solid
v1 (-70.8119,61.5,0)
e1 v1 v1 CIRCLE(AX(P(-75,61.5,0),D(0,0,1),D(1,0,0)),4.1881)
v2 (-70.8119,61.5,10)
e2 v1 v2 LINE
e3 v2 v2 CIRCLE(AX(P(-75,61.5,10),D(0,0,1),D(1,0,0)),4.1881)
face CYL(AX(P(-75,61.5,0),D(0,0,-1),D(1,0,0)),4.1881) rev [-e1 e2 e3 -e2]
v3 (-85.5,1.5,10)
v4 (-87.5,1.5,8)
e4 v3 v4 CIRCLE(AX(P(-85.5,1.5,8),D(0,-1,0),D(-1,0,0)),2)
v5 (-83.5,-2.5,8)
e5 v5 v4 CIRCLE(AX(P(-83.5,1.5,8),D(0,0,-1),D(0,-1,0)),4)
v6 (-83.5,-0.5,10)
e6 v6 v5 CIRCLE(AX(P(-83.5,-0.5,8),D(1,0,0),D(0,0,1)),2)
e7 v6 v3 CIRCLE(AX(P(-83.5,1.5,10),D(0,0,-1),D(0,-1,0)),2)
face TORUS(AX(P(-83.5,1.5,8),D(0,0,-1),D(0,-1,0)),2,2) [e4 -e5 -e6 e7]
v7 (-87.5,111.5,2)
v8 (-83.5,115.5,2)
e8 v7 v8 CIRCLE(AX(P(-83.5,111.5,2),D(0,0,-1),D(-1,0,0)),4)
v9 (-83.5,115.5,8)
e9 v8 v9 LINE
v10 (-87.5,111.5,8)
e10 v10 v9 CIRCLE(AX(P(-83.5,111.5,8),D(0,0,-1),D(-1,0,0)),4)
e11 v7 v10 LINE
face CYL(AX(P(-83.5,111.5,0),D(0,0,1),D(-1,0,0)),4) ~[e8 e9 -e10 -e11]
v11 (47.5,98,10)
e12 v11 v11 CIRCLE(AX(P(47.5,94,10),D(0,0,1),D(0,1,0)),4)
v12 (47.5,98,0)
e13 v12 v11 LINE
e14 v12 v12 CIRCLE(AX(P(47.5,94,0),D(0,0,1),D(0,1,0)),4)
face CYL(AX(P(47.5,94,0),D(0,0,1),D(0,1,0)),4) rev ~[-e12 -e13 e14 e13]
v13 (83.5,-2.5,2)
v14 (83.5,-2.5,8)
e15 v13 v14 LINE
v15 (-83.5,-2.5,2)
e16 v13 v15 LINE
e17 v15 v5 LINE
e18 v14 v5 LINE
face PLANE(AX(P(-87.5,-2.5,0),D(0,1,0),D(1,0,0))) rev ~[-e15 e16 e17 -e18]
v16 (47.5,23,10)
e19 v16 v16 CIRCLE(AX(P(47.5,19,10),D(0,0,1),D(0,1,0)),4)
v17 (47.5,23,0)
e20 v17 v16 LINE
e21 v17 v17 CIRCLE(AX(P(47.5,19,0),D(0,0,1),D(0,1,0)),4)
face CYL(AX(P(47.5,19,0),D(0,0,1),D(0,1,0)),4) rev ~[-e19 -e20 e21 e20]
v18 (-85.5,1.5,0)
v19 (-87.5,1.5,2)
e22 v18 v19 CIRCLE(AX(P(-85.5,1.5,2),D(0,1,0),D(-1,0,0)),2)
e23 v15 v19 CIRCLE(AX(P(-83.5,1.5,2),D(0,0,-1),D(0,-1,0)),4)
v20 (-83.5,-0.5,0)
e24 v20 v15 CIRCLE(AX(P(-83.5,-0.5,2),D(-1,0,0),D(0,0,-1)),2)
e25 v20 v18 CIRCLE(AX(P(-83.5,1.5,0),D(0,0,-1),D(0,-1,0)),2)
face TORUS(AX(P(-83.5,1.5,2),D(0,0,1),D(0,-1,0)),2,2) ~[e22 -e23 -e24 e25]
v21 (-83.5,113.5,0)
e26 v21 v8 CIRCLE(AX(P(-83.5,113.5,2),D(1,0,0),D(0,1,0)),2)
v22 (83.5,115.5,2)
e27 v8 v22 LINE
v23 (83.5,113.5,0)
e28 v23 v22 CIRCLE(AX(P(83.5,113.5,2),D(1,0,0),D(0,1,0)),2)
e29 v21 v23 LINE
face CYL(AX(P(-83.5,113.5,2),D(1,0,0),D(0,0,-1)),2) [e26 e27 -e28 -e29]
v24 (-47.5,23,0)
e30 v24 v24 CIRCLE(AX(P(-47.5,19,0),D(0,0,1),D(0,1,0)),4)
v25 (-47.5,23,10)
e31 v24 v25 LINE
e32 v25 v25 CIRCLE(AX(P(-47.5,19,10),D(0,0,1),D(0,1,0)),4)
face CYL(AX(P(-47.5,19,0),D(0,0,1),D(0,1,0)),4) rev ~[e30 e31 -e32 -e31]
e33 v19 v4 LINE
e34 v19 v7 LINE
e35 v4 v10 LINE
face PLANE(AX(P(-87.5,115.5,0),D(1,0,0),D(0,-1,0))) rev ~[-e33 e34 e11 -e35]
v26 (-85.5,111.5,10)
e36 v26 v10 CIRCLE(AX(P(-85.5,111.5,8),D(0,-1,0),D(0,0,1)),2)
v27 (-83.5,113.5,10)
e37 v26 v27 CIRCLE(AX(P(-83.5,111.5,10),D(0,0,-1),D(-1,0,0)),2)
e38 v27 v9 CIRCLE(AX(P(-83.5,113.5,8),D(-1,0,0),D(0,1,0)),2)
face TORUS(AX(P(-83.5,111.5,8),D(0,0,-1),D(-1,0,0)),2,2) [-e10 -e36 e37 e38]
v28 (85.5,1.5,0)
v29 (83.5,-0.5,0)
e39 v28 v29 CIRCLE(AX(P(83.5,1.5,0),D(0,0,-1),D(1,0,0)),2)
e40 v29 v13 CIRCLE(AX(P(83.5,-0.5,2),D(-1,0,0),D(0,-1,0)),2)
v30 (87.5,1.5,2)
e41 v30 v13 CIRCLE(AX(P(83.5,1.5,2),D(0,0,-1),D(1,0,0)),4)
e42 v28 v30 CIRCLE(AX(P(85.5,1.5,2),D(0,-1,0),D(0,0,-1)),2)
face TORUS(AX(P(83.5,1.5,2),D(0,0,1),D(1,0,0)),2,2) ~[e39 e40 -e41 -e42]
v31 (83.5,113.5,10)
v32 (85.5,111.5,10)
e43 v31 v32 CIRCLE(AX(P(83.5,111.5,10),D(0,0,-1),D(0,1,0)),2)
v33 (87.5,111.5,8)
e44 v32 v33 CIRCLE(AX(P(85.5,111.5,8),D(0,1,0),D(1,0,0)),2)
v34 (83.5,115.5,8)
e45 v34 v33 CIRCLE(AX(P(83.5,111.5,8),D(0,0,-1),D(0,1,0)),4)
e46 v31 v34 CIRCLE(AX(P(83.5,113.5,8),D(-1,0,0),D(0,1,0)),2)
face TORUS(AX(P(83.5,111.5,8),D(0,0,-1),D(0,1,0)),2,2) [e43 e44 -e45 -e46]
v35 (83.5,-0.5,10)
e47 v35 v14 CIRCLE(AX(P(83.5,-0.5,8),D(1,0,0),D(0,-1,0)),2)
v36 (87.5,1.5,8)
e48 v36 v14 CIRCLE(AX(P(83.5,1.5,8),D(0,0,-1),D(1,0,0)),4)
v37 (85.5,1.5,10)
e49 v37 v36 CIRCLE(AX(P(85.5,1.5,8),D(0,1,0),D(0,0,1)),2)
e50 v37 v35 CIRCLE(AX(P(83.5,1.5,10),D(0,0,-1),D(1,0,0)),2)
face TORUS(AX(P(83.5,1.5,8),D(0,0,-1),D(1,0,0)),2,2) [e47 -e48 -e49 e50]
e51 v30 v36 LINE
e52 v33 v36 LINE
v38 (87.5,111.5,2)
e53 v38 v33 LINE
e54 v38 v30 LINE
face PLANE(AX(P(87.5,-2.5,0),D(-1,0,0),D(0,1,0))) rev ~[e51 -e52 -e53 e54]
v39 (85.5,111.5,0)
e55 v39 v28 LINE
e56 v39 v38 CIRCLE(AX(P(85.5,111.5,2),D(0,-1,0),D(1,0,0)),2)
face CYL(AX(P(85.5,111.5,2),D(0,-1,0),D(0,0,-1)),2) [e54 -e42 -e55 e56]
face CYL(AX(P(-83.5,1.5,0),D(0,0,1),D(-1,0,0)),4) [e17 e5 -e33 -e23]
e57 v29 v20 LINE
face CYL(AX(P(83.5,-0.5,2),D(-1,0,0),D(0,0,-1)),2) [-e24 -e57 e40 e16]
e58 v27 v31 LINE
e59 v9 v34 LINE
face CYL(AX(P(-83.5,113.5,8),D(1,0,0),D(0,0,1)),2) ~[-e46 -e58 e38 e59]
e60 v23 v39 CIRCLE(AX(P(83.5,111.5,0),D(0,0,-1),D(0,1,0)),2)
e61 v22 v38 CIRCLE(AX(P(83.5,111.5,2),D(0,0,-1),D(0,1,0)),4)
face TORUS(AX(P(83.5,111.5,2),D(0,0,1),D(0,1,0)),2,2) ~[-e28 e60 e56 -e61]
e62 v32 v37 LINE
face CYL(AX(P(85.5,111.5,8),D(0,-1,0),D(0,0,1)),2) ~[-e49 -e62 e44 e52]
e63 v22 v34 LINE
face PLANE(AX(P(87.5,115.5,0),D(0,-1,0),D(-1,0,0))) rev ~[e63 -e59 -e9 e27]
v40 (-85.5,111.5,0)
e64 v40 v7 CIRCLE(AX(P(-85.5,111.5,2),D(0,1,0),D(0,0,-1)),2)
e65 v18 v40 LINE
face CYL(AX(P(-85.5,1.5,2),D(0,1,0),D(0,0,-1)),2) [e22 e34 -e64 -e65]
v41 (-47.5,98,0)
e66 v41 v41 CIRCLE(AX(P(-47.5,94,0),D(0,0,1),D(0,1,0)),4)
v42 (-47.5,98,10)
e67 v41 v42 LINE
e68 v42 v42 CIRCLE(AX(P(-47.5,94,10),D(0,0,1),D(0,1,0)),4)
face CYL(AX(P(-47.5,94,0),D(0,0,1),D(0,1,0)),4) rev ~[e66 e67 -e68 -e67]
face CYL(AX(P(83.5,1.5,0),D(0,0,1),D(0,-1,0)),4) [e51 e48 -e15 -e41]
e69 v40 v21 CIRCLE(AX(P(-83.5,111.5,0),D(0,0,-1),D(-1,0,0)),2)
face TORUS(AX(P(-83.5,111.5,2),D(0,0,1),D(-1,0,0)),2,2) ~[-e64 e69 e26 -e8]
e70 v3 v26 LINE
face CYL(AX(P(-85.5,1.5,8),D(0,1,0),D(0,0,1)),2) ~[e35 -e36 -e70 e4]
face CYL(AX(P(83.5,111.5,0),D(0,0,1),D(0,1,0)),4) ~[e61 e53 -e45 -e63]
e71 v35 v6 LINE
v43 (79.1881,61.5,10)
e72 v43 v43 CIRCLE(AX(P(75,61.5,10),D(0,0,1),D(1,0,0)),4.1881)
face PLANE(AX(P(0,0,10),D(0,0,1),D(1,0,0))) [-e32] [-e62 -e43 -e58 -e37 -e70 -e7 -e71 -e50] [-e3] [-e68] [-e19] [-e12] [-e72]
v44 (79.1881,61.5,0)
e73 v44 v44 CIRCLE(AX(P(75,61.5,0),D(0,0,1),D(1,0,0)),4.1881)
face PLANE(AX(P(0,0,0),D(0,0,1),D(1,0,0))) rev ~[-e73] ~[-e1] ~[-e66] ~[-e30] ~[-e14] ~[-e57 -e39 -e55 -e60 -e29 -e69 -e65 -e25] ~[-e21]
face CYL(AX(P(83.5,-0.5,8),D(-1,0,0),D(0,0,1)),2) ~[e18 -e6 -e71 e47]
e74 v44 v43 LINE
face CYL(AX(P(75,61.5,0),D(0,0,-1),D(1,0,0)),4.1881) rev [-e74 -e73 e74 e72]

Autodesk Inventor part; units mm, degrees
ref_plane "YZ Plane" through (0, 0, 0) normal (1, 0, 0) x (0, 1, 0)
ref_plane "XZ Plane" through (0, 0, 0) normal (0, 1, 0) x (-1, 0, 0)
ref_plane "XY Plane" through (0, 0, 0) normal (0, 0, 1) x (1, 0, 0)
sketch "Sketch1" plane through (0, 0, 0) normal (0, 0, 1) x (1, 0, 0)
  circle A0 centre (75, 150.5) radius 4.1881 projected
  circle A1 centre (75, 61.5) radius 4.1881 projected
  circle A2 centre (-75, 61.5) radius 4.1881 projected
  circle A3 centre (-75, 150.5) radius 4.1881 projected
  line L0 (-87.5, -2.5) -> (87.5, -2.5)
  line L1 (87.5, -2.5) -> (87.5, 115.5)
  line L2 (87.5, 115.5) -> (-87.5, 115.5)
  line L3 (-87.5, 115.5) -> (-87.5, -2.5)
  line L4 (-87.5, -2.5) -> (87.5, 115.5) construction
  line L5 (87.5, -2.5) -> (-87.5, 115.5) construction
  line L6 (47.5, 94) -> (-47.5, 94) construction
  line L7 (-47.5, 94) -> (-47.5, 19) construction
  line L8 (-47.5, 19) -> (47.5, 19) construction
  line L9 (47.5, 19) -> (47.5, 94) construction
  line L10 (47.5, 94) -> (-47.5, 19) construction
  line L11 (-47.5, 94) -> (47.5, 19) construction
  line L12 (75, 61.5) -> (-75, 61.5) construction
  line L13 (0, 61.5) -> (0, 56.5) construction
  point P0 (0, 0)
  dimension "d0" = 175
  dimension "d1" = 118
  dimension "d2" = 95
  dimension "d3" = 75
  dimension "d15" = 5
extrude "Extrusion1" add sketch "Sketch1" along normal blind 10 contours L3 L2 L1 L0
hole "Hole1" at (47.5, 94, 0) at (47.5, 19, 0) at (-47.5, 19, 0) at (-47.5, 94, 0) direction (0, 0, 1) diameter 8 depth 15
fillet "Fillet1" radius 4 4 edges at (87.5, 115.5, 5) (87.5, -2.5, 5) (-87.5, -2.5, 5) (-87.5, 115.5, 5)
fillet "Fillet2" radius 2 16 edges at (86.3284, 114.3284, 0) (0, 115.5, 0) (-86.3284, 114.3284, 0) (-87.5, 56.5, 0) (-86.3284, -1.3284, 0) (0, -2.5, 0) (86.3284, -1.3284, 0) (87.5, 56.5, 0) (86.3284, 114.3284, 10) (0, 115.5, 10) (-86.3284, 114.3284, 10) (-87.5, 56.5, 10) (-86.3284, -1.3284, 10) (0, -2.5, 10) (86.3284, -1.3284, 10) (87.5, 56.5, 10)
properties part number "CylinderSupport"
